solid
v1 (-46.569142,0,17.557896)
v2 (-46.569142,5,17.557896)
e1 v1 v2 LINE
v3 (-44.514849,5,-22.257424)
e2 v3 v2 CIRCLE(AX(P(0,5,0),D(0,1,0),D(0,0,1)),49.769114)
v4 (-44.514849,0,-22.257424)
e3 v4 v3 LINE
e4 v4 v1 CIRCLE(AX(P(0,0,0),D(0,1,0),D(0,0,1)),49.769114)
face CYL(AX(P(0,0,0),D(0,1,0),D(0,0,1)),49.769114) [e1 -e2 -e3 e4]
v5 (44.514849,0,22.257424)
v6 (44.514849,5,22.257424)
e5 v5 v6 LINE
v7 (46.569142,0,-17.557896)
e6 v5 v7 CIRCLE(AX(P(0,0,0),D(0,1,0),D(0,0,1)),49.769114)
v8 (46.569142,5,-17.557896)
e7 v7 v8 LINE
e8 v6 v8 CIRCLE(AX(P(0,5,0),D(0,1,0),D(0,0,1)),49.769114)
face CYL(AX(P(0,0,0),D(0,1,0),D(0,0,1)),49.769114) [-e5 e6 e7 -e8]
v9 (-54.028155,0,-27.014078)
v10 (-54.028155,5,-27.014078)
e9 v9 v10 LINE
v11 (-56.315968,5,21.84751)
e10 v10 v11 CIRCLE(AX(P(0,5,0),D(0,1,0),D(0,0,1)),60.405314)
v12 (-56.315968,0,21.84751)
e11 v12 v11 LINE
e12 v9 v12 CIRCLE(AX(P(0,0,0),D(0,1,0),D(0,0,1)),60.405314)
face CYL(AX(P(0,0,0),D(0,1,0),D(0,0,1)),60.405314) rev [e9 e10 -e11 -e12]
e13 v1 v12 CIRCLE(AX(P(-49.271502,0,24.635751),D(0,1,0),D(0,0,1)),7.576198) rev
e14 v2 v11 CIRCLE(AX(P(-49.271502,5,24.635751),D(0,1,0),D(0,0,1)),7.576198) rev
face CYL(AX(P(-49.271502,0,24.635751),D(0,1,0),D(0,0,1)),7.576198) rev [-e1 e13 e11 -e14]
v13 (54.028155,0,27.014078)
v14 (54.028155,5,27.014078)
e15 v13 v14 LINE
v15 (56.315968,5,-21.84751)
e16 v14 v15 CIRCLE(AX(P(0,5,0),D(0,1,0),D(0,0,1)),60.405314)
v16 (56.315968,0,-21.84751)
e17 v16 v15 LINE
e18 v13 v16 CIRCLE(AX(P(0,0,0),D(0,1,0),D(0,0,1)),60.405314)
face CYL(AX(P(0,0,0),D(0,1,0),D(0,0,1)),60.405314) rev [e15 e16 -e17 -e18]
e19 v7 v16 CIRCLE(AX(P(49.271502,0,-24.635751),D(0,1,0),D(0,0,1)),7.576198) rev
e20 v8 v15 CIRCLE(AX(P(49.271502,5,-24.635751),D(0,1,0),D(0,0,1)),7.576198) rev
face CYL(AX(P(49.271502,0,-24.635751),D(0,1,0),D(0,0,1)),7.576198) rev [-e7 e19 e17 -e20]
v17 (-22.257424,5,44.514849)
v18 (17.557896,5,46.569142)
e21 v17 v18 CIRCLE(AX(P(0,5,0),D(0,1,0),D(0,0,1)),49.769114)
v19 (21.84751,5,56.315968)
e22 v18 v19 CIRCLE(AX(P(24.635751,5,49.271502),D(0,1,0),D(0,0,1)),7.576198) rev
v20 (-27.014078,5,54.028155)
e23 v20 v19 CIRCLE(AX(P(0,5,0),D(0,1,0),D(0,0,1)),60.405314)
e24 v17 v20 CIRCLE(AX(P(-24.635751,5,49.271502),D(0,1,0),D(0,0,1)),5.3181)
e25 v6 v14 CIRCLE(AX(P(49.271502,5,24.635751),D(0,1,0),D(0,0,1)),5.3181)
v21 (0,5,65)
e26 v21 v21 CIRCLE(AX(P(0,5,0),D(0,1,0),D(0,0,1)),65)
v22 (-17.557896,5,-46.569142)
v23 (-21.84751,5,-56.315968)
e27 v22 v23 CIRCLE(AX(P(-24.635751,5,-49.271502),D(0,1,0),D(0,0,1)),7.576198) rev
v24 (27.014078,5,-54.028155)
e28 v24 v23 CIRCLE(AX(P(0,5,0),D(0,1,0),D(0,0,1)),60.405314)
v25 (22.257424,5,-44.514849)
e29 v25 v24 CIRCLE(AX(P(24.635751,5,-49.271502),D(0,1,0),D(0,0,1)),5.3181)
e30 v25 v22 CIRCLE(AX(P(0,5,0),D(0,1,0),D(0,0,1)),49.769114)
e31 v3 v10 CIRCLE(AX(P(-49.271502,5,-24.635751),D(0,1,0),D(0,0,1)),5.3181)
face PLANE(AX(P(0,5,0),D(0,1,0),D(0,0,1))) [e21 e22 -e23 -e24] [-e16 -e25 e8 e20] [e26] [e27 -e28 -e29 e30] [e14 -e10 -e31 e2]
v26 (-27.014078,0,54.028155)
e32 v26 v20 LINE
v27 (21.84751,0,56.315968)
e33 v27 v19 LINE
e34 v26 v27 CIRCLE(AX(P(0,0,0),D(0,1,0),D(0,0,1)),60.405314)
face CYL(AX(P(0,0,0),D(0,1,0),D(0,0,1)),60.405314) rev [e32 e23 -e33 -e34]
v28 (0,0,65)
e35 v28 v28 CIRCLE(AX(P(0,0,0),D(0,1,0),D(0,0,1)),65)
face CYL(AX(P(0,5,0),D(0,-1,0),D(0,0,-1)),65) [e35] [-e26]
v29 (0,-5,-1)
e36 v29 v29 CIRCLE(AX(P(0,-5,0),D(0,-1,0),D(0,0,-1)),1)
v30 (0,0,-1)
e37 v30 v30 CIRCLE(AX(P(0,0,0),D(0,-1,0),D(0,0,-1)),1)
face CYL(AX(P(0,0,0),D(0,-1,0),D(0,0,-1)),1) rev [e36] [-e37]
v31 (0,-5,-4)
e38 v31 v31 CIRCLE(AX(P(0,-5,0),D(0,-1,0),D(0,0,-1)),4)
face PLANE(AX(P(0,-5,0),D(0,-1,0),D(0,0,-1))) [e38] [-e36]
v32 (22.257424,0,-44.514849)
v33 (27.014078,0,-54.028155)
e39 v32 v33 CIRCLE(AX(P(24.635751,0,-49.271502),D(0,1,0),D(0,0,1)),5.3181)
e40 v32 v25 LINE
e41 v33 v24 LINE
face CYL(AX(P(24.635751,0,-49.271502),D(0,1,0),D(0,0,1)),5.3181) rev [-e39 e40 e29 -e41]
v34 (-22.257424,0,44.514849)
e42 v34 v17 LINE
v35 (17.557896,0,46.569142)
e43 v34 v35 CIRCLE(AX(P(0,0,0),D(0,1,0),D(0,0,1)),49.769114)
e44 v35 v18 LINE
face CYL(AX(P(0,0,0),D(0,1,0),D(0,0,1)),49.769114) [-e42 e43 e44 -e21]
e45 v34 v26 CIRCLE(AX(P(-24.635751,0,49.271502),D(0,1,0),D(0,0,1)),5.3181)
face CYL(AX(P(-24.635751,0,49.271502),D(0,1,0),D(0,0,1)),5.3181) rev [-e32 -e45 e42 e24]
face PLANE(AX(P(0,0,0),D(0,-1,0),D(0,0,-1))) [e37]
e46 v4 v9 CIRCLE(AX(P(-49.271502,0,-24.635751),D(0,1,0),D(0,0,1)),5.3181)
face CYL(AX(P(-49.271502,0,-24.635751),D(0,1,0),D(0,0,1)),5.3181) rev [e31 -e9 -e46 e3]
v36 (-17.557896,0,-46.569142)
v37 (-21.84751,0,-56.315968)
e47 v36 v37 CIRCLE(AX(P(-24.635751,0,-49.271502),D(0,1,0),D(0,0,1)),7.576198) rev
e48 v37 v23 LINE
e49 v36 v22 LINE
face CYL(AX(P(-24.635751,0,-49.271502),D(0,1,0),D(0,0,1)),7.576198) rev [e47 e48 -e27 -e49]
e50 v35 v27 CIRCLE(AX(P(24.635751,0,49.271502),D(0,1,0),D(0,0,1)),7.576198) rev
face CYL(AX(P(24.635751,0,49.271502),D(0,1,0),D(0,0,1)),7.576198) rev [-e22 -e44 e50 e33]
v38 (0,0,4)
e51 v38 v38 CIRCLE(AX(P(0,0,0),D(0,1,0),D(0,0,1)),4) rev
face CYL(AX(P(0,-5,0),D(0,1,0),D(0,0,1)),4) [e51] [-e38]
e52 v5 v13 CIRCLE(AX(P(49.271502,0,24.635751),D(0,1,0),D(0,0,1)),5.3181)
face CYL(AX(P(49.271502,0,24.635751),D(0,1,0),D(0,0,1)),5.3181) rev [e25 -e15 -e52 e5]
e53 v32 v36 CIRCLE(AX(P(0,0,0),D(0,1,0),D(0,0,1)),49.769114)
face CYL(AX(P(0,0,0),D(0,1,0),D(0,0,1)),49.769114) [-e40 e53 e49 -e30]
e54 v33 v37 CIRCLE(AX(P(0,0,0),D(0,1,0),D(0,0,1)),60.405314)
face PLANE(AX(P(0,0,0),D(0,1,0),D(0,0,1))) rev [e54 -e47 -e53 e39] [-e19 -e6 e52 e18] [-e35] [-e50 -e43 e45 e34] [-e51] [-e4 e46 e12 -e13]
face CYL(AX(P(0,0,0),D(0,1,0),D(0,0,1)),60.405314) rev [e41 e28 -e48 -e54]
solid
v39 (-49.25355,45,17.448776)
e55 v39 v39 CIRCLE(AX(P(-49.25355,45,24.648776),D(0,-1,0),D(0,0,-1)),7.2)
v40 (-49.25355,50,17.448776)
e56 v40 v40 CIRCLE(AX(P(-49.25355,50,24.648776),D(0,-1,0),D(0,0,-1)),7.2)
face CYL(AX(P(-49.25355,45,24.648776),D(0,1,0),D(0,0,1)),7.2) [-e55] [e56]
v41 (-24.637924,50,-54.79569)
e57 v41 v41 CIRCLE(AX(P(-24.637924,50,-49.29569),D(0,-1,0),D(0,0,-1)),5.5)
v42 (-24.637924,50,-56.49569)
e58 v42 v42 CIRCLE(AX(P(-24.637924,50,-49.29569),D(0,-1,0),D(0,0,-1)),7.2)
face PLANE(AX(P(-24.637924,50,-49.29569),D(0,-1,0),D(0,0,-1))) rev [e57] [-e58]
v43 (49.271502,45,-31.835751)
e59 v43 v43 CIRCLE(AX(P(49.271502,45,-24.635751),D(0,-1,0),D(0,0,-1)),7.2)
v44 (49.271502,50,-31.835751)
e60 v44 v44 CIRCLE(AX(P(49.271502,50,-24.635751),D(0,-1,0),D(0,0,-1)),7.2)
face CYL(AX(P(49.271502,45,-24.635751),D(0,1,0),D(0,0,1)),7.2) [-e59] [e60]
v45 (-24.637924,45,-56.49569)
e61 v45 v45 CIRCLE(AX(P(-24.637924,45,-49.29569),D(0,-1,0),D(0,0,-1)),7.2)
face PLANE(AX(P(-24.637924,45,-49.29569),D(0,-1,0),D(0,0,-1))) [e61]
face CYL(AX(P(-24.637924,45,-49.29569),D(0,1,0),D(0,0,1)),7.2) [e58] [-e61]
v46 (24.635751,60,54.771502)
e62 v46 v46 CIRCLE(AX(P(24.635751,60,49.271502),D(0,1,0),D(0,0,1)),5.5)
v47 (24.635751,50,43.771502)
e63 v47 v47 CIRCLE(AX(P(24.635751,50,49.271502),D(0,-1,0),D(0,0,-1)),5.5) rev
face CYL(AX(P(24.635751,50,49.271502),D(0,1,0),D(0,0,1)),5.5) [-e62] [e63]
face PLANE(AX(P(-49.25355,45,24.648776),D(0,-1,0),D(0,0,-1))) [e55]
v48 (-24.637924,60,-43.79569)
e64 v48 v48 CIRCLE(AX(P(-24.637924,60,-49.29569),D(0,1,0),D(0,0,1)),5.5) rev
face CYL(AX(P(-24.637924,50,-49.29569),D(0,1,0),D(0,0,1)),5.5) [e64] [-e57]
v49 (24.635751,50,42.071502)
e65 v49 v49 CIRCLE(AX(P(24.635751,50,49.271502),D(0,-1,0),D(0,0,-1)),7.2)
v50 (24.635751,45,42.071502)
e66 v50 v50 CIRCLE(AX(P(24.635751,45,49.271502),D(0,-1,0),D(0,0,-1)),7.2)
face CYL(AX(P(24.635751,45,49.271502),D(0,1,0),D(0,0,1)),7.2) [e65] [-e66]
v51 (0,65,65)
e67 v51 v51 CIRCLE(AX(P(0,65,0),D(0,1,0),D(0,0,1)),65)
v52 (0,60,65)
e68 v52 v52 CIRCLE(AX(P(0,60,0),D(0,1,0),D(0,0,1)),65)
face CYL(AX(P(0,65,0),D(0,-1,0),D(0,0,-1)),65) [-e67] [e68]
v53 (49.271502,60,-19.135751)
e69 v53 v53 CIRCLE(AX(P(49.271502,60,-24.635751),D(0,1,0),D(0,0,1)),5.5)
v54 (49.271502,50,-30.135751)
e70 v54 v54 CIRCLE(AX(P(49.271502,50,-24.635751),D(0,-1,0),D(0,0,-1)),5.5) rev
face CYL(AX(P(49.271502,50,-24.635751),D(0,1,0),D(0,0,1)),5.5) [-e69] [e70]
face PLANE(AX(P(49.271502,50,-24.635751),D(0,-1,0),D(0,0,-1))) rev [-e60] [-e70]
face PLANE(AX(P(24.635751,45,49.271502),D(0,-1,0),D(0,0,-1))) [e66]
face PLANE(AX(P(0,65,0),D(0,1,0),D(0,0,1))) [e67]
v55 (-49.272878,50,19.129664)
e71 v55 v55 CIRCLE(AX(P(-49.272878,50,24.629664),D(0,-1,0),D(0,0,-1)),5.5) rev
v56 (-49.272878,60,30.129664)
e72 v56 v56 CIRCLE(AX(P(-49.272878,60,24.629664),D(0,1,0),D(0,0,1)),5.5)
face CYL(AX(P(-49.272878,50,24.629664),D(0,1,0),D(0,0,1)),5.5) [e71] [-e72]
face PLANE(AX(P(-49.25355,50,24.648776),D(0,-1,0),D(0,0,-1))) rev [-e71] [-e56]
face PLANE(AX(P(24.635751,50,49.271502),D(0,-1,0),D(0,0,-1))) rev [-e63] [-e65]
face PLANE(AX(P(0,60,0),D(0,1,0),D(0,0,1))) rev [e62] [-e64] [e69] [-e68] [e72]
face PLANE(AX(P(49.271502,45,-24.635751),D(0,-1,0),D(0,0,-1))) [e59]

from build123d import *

# Parameters (mm, degrees)
SKETCH1_R            = 65
BOSS_EXTRUDE1_DEPTH  = 5
CUT_EXTRUDE2_DEPTH   = 5
SKETCH10_R           = 65
BOSS_EXTRUDE3_DEPTH  = 5
SKETCH14_R           = 5.5
BOSS_EXTRUDE4_DEPTH  = 10
SKETCH18_R           = 7.2
BOSS_EXTRUDE5_DEPTH  = 5
SKETCH21_R           = 5.5
BOSS_EXTRUDE6_DEPTH  = 10
SKETCH25_R           = 7.2
BOSS_EXTRUDE7_DEPTH  = 5
SKETCH27_R           = 5.5
BOSS_EXTRUDE9_DEPTH  = 10
SKETCH28_R           = 7.2
BOSS_EXTRUDE10_DEPTH = 5
SKETCH29_R           = 4
BOSS_EXTRUDE11_DEPTH = 5
SKETCH32_R           = 1
CUT_EXTRUDE4_DEPTH   = 5


with BuildPart() as part:
    # Sketch1 → Boss-Extrude1 (new body)
    with BuildSketch(Plane(origin=(0, 0, 0), x_dir=(1, 0, 0), z_dir=(0, 1, 0))):
        Circle(SKETCH1_R)
    extrude(amount=BOSS_EXTRUDE1_DEPTH)

    # Sketch2 → Cut-Extrude2 (cut)
    with BuildSketch(Plane(origin=(0, 5, 0), x_dir=(1, 0, 0), z_dir=(0, 1, 0))):
        with BuildLine():
            ThreePointArc((-54.028155023, 27.014077511), (-60.339208175, 2.825221378), (-56.315967651, -21.847510303))
            ThreePointArc((-56.315967651, -21.847510303), (-46.21967139, -31.570094031), (-46.569142204, -17.557895678))
            ThreePointArc((-46.569142204, -17.557895678), (-49.703000748, 2.564453724), (-44.514848815, 22.257424407))
            ThreePointArc((-44.514848815, 22.257424407), (-46.893175367, 29.392404063), (-54.028155023, 27.014077511))
        make_face()
        with BuildLine():
            ThreePointArc((46.569142204, 17.557895678), (49.703000748, -2.564453724), (44.514848815, -22.257424407))
            ThreePointArc((44.514848815, -22.257424407), (46.893175367, -29.392404063), (54.028155023, -27.014077511))
            ThreePointArc((54.028155023, -27.014077511), (60.339208175, -2.825221378), (56.315967651, 21.847510303))
            ThreePointArc((56.315967651, 21.847510303), (46.21967139, 31.570094031), (46.569142204, 17.557895678))
        make_face()
        with BuildLine():
            ThreePointArc((-17.557895678, 46.569142204), (2.564453724, 49.703000748), (22.257424407, 44.514848815))
            ThreePointArc((22.257424407, 44.514848815), (29.392404063, 46.893175367), (27.014077511, 54.028155023))
            ThreePointArc((27.014077511, 54.028155023), (2.825221378, 60.339208175), (-21.847510303, 56.315967651))
            ThreePointArc((-21.847510303, 56.315967651), (-31.570094031, 46.21967139), (-17.557895678, 46.569142204))
        make_face()
        with BuildLine():
            ThreePointArc((17.557895678, -46.569142204), (-2.564453724, -49.703000748), (-22.257424407, -44.514848815))
            ThreePointArc((-22.257424407, -44.514848815), (-29.392404063, -46.893175367), (-27.014077511, -54.028155023))
            ThreePointArc((-27.014077511, -54.028155023), (-2.825221378, -60.339208175), (21.847510303, -56.315967651))
            ThreePointArc((21.847510303, -56.315967651), (31.570094031, -46.21967139), (17.557895678, -46.569142204))
        make_face()
    extrude(amount=-CUT_EXTRUDE2_DEPTH, mode=Mode.SUBTRACT)

    # Sketch29 → Boss-Extrude11 (add)
    with BuildSketch(Plane.XZ):
        Circle(SKETCH29_R)
    extrude(amount=BOSS_EXTRUDE11_DEPTH)

    # Sketch32 → Cut-Extrude4 (cut)
    with BuildSketch(Plane.XZ.offset(5)):
        Circle(SKETCH32_R)
    extrude(amount=-CUT_EXTRUDE4_DEPTH, mode=Mode.SUBTRACT)


with BuildPart() as body_2:
    # Sketch10 → Boss-Extrude3 (new body)
    with BuildSketch(Plane(origin=(0, 60, 0), x_dir=(1, 0, 0), z_dir=(0, 1, 0))):
        Circle(SKETCH10_R)
    extrude(amount=BOSS_EXTRUDE3_DEPTH)

    # Sketch14 → Boss-Extrude4 (add)
    with BuildSketch(Plane.XZ.offset(-60)):
        with Locations((-24.637923521, -49.295690328)):
            Circle(SKETCH14_R)
    extrude(amount=BOSS_EXTRUDE4_DEPTH)

    # Sketch18 → Boss-Extrude5 (add)
    with BuildSketch(Plane.XZ.offset(-50)):
        with Locations((-24.637923521, -49.295690328)):
            Circle(SKETCH18_R)
    extrude(amount=BOSS_EXTRUDE5_DEPTH)

    # Sketch21 → Boss-Extrude6 (add)
    with BuildSketch(Plane(origin=(0, 60, 0), x_dir=(1, 0, 0), z_dir=(0, 1, 0))):
        with Locations((-49.272878351, -24.629663863)):
            Circle(SKETCH21_R)
    extrude(amount=-BOSS_EXTRUDE6_DEPTH)

    # Sketch25 → Boss-Extrude7 (add)
    with BuildSketch(Plane.XZ.offset(-50)):
        with Locations((-49.253550208, 24.648775945)):
            Circle(SKETCH25_R)
    extrude(amount=BOSS_EXTRUDE7_DEPTH)

    # Sketch27 → Boss-Extrude9 (add)
    with BuildSketch(Plane(origin=(0, 60, 0), x_dir=(1, 0, 0), z_dir=(0, 1, 0))):
        with Locations((49.271501919, 24.635750959)):
            Circle(SKETCH27_R)
        with Locations((24.635750959, -49.271501919)):
            Circle(SKETCH27_R)
    extrude(amount=-BOSS_EXTRUDE9_DEPTH)

    # Sketch28 → Boss-Extrude10 (add)
    with BuildSketch(Plane.XZ.offset(-50)):
        with Locations((49.271501919, -24.635750959)):
            Circle(SKETCH28_R)
        with Locations((24.635750959, 49.271501919)):
            Circle(SKETCH28_R)
    extrude(amount=BOSS_EXTRUDE10_DEPTH)


solid = Compound([part.part, body_2.part])
